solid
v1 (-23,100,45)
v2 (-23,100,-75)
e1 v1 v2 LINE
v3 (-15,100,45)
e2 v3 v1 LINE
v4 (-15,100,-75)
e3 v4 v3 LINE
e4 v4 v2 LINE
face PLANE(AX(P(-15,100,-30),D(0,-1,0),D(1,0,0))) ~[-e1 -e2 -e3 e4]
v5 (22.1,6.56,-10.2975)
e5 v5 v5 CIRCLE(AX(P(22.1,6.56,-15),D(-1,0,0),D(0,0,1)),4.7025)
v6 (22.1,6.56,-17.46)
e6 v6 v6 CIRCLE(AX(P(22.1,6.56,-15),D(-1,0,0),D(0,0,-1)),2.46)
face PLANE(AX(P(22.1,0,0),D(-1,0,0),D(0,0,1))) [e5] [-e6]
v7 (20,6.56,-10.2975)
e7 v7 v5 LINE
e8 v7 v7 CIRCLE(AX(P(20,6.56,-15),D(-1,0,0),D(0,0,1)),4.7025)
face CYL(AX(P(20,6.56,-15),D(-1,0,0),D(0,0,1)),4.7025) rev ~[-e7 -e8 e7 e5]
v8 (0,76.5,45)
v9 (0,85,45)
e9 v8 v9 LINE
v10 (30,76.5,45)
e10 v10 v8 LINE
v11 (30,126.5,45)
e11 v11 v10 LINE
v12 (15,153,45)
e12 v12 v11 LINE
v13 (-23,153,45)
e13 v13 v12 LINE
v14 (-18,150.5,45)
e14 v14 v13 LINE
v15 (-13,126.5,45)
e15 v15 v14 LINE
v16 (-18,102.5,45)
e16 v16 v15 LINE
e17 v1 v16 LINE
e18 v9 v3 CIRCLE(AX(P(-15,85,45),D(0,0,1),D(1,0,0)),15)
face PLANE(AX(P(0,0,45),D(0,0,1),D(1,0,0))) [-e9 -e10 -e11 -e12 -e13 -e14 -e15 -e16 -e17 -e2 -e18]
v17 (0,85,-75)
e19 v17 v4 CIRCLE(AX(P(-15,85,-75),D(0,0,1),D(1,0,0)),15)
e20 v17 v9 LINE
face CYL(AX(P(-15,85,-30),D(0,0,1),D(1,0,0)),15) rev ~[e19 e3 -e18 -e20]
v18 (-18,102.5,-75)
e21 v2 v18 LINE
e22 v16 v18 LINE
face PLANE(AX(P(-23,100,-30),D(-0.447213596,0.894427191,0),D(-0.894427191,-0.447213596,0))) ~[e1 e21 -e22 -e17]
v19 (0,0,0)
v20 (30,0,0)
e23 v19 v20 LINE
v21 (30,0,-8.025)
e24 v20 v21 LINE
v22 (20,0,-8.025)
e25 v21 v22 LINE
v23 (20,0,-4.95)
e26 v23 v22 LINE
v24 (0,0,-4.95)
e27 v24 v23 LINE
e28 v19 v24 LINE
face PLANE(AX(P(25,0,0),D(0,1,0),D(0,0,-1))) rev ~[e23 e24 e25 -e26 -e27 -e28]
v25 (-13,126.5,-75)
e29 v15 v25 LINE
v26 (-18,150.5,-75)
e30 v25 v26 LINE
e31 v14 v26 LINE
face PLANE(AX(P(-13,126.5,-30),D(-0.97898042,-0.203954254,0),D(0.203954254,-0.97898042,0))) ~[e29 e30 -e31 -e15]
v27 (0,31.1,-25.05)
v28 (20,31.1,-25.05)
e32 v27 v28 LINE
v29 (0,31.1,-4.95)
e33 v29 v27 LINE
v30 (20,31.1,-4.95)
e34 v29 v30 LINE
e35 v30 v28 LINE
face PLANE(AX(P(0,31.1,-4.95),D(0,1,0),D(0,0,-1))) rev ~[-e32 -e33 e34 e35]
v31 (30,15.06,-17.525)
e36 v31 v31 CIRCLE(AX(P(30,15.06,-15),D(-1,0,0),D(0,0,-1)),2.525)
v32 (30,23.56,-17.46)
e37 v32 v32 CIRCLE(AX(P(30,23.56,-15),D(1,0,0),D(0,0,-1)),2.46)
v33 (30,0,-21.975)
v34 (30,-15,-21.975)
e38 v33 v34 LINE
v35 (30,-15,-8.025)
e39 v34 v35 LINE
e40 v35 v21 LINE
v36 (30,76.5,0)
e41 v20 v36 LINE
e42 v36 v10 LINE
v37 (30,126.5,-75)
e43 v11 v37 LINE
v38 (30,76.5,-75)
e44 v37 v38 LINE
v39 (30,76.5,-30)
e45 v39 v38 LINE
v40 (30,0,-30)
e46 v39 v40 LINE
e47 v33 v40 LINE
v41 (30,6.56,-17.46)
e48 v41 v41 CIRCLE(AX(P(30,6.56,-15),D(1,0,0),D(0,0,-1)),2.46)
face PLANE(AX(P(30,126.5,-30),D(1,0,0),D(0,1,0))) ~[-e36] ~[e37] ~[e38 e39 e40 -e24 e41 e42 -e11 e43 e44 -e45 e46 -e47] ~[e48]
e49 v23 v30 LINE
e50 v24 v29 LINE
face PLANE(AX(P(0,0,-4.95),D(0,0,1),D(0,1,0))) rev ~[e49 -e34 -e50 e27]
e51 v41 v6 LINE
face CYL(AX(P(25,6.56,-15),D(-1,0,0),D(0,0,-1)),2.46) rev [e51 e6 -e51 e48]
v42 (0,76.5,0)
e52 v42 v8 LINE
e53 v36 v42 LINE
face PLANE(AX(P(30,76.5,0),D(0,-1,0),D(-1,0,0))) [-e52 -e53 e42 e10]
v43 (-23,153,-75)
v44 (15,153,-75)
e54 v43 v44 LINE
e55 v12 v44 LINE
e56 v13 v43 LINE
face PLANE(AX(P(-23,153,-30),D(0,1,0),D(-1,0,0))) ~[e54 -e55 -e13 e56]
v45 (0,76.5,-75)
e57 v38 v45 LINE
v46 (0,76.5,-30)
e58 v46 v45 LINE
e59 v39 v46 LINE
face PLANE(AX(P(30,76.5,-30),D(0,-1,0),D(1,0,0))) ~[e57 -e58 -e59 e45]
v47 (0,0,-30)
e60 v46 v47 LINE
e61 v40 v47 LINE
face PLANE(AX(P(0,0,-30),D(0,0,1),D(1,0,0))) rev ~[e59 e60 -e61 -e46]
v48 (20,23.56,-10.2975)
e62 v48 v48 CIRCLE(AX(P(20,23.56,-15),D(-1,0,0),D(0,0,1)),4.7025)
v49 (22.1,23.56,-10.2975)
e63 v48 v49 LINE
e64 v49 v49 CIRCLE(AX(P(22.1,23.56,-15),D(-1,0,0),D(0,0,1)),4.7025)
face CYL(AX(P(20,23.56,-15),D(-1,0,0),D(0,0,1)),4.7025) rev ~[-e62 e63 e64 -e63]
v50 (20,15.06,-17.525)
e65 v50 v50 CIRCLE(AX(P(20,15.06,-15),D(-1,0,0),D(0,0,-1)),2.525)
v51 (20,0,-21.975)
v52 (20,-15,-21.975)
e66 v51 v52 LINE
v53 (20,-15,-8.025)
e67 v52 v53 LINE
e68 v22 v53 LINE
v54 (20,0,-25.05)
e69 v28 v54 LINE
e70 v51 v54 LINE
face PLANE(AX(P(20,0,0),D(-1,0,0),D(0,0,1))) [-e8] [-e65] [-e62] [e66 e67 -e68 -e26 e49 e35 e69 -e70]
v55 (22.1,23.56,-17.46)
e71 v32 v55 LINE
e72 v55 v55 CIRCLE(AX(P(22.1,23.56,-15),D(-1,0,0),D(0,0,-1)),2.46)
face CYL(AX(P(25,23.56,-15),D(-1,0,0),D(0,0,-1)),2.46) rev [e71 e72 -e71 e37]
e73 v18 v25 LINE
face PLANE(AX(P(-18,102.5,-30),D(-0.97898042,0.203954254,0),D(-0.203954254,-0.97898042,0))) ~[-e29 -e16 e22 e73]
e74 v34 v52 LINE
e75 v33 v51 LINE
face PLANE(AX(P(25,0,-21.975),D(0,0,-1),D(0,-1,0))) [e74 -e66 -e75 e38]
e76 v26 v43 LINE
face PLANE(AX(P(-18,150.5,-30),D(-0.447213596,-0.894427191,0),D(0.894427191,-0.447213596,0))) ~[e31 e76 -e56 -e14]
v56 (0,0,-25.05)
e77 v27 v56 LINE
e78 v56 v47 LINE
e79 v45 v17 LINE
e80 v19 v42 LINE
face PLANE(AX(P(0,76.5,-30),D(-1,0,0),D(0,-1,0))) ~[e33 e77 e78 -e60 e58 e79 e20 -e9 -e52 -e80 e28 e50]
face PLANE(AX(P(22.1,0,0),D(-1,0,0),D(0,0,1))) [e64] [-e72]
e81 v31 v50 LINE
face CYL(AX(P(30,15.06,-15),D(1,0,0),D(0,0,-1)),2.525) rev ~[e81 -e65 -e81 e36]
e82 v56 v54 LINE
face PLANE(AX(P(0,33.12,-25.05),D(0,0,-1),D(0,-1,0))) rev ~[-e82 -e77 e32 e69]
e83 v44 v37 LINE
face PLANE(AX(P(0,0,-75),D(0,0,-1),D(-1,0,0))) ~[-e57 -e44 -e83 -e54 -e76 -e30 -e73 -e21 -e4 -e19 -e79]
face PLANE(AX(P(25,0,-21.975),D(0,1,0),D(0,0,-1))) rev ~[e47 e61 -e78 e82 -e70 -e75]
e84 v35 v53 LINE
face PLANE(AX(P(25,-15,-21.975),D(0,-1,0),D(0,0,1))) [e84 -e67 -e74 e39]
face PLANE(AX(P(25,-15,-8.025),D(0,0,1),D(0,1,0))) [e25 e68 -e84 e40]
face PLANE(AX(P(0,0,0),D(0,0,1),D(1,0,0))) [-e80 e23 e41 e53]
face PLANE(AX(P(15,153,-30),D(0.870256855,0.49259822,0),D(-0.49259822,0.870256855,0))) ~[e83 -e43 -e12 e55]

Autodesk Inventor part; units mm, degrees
ref_plane "YZ Plane" through (0, 0, 0) normal (1, 0, 0) x (0, 1, 0)
ref_plane "XZ Plane" through (0, 0, 0) normal (0, 1, 0) x (-1, 0, 0)
sketch "Sketch1" plane through (0, 0, 0) normal (0, 0, 1) x (1, 0, 0)
  line L0 (0, 0) -> (25, 0)
  line L1 (25, 0) -> (25, 40)
  line L2 (25, 40) -> (0, 40)
  line L3 (0, 40) -> (0, 0)
  dimension "d1" = 25
  dimension "d2" = 40
  dimension "d3" = 25
extrude "Extrusion1" add sketch "Sketch1" against normal blind 30
sketch "Sketch2" plane through (25, 0, 0) normal (1, 0, 0) x (0, 0, -1)
  line L0 (0, 0) -> (30, 0) projected
  circle A0 centre (15, 6.56) radius 2.46
extrude "Extrusion2" cut sketch "Sketch2" against normal blind 30
sketch "Sketch3" plane through (0, 0, 0) normal (-1, 0, 0) x (0, 0, 1)
  line L0 (0, 0) -> (-30, 0) projected
  line L1 (-25.05, 0) -> (-4.95, 0)
  line L2 (-4.95, 0) -> (-4.95, 33.12)
  line L3 (-4.95, 33.12) -> (-25.05, 33.12)
  line L4 (-25.05, 33.12) -> (-25.05, 0)
  dimension "d11" = 20.1
extrude "Extrusion3" cut sketch "Sketch3" against normal blind 20
sketch "Sketch4" plane through (0, 0, 0) normal (0, -1, 0) x (1, 0, 0)
  line L0 (20, -4.95) -> (20, -25.05) projected
  line L1 (20, -15) -> (25, -15)
  line L2 (25, 0) -> (25, -30) projected
  line L3 (20, -8.025) -> (25, -8.025)
  line L4 (25, -8.025) -> (25, -21.975)
  line L5 (25, -21.975) -> (20, -21.975)
  line L6 (20, -21.975) -> (20, -8.025)
  line L7 (20, -8.025) -> (25, -21.975) construction
  line L8 (25, -8.025) -> (20, -21.975) construction
  line L9 (25, -12.54) -> (25, -17.46) projected
  point P0 (0, 0)
  point P1 (22.5, -15)
  dimension "d14" = 13.95
extrude "Extrusion4" add sketch "Sketch4" along normal blind 15
sketch "Sketch5" plane through (20, 0, 0) normal (-1, 0, 0) x (0, 0, 1)
  circle A0 centre (-15, 6.56) radius 2.46 projected
  circle A1 centre (-15, 6.56) radius 4.7025
  circle A2 centre (-15, 6.56) radius 2.46 projected
  circle A3 centre (-15, 6.56) radius 2.46
  point P0 (0, 0)
  dimension "d17" = 9.405
extrude "Extrusion5" cut sketch "Sketch5" against normal blind 2.1
sketch "Sketch6" plane through (25, 0, 0) normal (1, 0, 0) x (0, 0, -1)
  circle A0 centre (15, 6.56) radius 4.7025 projected
  line L0 (15, 6.56) -> (15, 23.56)
  circle A1 centre (15, 23.56) radius 2.46
  point P0 (0, 0)
  dimension "d20" = 17
  dimension "d21" = 4.92
extrude "Extrusion6" cut sketch "Sketch6" against normal blind 10 contours A1
sketch "Sketch7" plane through (20, 0, 0) normal (-1, 0, 0) x (0, 0, 1)
  circle A0 centre (-15, 23.56) radius 2.46 projected
  circle A1 centre (-15, 23.56) radius 4.7025
  point P0 (0, 0)
  dimension "d24" = 9.405
extrude "Extrusion7" cut sketch "Sketch7" against normal blind 2.1
sketch "Sketch9" plane through (25, 0, 0) normal (1, 0, 0) x (0, 0, -1)
  circle A0 centre (15, 6.56) radius 2.46 projected
  circle A1 centre (15, 6.56) radius 2.46
  circle A2 centre (15, 23.56) radius 2.46 projected
  circle A3 centre (15, 23.56) radius 2.46
  line L0 (30, 40) -> (30, 0) projected
  line L1 (30, 0) -> (30, 40)
  line L2 (30, 40) -> (0, 40)
  line L3 (0, 40) -> (0, 0)
  line L4 (0, 0) -> (8.025, 0) projected
  line L5 (21.975, 0) -> (21.975, -15)
  line L6 (21.975, -15) -> (8.025, -15)
  line L7 (8.025, -15) -> (8.025, 0)
  line L8 (0, 0) -> (8.025, 0)
  line L9 (21.975, 0) -> (30, 0)
extrude "Extrusion8" add sketch "Sketch9" along normal blind 5
sketch "Sketch10" plane through (0, 40, 0) normal (0, 1, 0) x (1, 0, 0)
  line L0 (0, 30) -> (30, 30) projected
  line L1 (30, 0) -> (0, 0) projected
  line L2 (0, 30) -> (30, 30)
  line L3 (30, 30) -> (30, 0)
  line L4 (30, 0) -> (0, 0)
  line L5 (0, 0) -> (0, 30)
extrude "Extrusion9" add sketch "Sketch10" along normal blind 30
sketch "Sketch12" plane through (30, 0, 0) normal (1, 0, 0) x (0, 0, -1)
  circle A0 centre (15, 6.56) radius 2.46 projected
  line L0 (15, 6.56) -> (15, 15.06)
  circle A1 centre (15, 15.06) radius 2.525
  point P0 (0, 0)
  dimension "d31" = 8.5
  dimension "d33" = 5.05
extrude "Extrusion10" cut sketch "Sketch12" against normal blind 30 contours A1
sketch "Sketch14" plane through (0, 0, 0) normal (0, 0, 1) x (1, 0, 0)
  line L0 (30, 70) -> (0, 70) projected
  line L1 (0, 70) -> (0, 85)
  line L2 (-15, 100) -> (-23, 100)
  line L3 (30, 0) -> (30, 70) projected
  line L4 (30, 122.5) -> (30, 70)
  arc A0 (0, 85) -> (-15, 100) centre (-15, 85) ccw
  line L5 (30, 105) -> (30, 100)
  line L6 (-23, 153) -> (15, 153)
  line L7 (-18, 150.5) -> (-23, 153)
  line L8 (-18, 102.5) -> (-23, 100)
  line L9 (-18, 102.5) -> (-13, 126.5)
  line L10 (-13, 126.5) -> (-18, 150.5)
  line L11 (30, 126.5) -> (15, 153)
  line L12 (30, 122.5) -> (30, 126.5)
  point P0 (0, 0)
  point P1 (0, 100)
  dimension "d47" = 30
  dimension "d54" = 15
extrude "Extrusion12" add sketch "Sketch14" against normal blind 30
sketch "Sketch15" plane through (0, 0, -25.05) normal (-1, 0, 0) x (0, 0, 1)
  line L0 (0, 33.12) -> (20.1, 33.12) projected
  line L1 (20.1, 33.12) -> (20.1, 0) projected
  line L2 (0, 33.12) -> (20.1, 33.12)
  line L3 (20.1, 33.12) -> (20.1, 31.1)
  line L4 (20.1, 31.1) -> (0, 31.1)
  line L5 (0, 31.1) -> (0, 33.12)
  point P0 (25.05, 0)
  dimension "d57" = 2.02
extrude "Extrusion13" add sketch "Sketch15" against normal blind 20
sketch "Sketch25" plane through (0, 0, 0) normal (0, 0, 1) x (1, 0, 0)
  line L0 (-15, 100) -> (-23, 100) projected
  line L1 (-15, 100) -> (-23, 100)
  line L2 (-23, 100) -> (-18, 102.5) projected
  line L3 (-23, 100) -> (-18, 102.5)
  line L4 (-18, 102.5) -> (-13, 126.5) projected
  line L5 (-18, 102.5) -> (-13, 126.5)
  line L6 (-13, 126.5) -> (-18, 150.5) projected
  line L7 (-13, 126.5) -> (-18, 150.5)
  line L8 (-18, 150.5) -> (-23, 153) projected
  line L9 (-18, 150.5) -> (-23, 153)
  line L10 (-23, 153) -> (15, 153) projected
  line L11 (-23, 153) -> (15, 153)
  line L12 (15, 153) -> (30, 126.5) projected
  line L13 (15, 153) -> (30, 126.5)
  line L14 (30, 126.5) -> (30, 76.5)
  line L15 (30, 0) -> (30, 126.5) projected
  line L16 (30, 76.5) -> (0, 76.5)
  arc A0 (0, 85) -> (-15, 100) centre (-15, 85) ccw projected
  line L17 (0, 76.5) -> (0, 85)
  line L18 (0, 85) -> (0, 0) projected
  arc A1 (0, 85) -> (-15, 100) centre (-15, 85) ccw
  dimension "d90" = 50
extrude "Extrusion14" add sketch "Sketch25" along normal blind 45
ref_plane "Work Plane1" through (0, 0, -15) normal (0, 0, 1) x (1, 0, 0)
mirror "Mirror1" about plane through (0, 0, -15) normal (0, 0, 1) of "Extrusion14"
properties part number "rec_a_48mm_x_120mm"
